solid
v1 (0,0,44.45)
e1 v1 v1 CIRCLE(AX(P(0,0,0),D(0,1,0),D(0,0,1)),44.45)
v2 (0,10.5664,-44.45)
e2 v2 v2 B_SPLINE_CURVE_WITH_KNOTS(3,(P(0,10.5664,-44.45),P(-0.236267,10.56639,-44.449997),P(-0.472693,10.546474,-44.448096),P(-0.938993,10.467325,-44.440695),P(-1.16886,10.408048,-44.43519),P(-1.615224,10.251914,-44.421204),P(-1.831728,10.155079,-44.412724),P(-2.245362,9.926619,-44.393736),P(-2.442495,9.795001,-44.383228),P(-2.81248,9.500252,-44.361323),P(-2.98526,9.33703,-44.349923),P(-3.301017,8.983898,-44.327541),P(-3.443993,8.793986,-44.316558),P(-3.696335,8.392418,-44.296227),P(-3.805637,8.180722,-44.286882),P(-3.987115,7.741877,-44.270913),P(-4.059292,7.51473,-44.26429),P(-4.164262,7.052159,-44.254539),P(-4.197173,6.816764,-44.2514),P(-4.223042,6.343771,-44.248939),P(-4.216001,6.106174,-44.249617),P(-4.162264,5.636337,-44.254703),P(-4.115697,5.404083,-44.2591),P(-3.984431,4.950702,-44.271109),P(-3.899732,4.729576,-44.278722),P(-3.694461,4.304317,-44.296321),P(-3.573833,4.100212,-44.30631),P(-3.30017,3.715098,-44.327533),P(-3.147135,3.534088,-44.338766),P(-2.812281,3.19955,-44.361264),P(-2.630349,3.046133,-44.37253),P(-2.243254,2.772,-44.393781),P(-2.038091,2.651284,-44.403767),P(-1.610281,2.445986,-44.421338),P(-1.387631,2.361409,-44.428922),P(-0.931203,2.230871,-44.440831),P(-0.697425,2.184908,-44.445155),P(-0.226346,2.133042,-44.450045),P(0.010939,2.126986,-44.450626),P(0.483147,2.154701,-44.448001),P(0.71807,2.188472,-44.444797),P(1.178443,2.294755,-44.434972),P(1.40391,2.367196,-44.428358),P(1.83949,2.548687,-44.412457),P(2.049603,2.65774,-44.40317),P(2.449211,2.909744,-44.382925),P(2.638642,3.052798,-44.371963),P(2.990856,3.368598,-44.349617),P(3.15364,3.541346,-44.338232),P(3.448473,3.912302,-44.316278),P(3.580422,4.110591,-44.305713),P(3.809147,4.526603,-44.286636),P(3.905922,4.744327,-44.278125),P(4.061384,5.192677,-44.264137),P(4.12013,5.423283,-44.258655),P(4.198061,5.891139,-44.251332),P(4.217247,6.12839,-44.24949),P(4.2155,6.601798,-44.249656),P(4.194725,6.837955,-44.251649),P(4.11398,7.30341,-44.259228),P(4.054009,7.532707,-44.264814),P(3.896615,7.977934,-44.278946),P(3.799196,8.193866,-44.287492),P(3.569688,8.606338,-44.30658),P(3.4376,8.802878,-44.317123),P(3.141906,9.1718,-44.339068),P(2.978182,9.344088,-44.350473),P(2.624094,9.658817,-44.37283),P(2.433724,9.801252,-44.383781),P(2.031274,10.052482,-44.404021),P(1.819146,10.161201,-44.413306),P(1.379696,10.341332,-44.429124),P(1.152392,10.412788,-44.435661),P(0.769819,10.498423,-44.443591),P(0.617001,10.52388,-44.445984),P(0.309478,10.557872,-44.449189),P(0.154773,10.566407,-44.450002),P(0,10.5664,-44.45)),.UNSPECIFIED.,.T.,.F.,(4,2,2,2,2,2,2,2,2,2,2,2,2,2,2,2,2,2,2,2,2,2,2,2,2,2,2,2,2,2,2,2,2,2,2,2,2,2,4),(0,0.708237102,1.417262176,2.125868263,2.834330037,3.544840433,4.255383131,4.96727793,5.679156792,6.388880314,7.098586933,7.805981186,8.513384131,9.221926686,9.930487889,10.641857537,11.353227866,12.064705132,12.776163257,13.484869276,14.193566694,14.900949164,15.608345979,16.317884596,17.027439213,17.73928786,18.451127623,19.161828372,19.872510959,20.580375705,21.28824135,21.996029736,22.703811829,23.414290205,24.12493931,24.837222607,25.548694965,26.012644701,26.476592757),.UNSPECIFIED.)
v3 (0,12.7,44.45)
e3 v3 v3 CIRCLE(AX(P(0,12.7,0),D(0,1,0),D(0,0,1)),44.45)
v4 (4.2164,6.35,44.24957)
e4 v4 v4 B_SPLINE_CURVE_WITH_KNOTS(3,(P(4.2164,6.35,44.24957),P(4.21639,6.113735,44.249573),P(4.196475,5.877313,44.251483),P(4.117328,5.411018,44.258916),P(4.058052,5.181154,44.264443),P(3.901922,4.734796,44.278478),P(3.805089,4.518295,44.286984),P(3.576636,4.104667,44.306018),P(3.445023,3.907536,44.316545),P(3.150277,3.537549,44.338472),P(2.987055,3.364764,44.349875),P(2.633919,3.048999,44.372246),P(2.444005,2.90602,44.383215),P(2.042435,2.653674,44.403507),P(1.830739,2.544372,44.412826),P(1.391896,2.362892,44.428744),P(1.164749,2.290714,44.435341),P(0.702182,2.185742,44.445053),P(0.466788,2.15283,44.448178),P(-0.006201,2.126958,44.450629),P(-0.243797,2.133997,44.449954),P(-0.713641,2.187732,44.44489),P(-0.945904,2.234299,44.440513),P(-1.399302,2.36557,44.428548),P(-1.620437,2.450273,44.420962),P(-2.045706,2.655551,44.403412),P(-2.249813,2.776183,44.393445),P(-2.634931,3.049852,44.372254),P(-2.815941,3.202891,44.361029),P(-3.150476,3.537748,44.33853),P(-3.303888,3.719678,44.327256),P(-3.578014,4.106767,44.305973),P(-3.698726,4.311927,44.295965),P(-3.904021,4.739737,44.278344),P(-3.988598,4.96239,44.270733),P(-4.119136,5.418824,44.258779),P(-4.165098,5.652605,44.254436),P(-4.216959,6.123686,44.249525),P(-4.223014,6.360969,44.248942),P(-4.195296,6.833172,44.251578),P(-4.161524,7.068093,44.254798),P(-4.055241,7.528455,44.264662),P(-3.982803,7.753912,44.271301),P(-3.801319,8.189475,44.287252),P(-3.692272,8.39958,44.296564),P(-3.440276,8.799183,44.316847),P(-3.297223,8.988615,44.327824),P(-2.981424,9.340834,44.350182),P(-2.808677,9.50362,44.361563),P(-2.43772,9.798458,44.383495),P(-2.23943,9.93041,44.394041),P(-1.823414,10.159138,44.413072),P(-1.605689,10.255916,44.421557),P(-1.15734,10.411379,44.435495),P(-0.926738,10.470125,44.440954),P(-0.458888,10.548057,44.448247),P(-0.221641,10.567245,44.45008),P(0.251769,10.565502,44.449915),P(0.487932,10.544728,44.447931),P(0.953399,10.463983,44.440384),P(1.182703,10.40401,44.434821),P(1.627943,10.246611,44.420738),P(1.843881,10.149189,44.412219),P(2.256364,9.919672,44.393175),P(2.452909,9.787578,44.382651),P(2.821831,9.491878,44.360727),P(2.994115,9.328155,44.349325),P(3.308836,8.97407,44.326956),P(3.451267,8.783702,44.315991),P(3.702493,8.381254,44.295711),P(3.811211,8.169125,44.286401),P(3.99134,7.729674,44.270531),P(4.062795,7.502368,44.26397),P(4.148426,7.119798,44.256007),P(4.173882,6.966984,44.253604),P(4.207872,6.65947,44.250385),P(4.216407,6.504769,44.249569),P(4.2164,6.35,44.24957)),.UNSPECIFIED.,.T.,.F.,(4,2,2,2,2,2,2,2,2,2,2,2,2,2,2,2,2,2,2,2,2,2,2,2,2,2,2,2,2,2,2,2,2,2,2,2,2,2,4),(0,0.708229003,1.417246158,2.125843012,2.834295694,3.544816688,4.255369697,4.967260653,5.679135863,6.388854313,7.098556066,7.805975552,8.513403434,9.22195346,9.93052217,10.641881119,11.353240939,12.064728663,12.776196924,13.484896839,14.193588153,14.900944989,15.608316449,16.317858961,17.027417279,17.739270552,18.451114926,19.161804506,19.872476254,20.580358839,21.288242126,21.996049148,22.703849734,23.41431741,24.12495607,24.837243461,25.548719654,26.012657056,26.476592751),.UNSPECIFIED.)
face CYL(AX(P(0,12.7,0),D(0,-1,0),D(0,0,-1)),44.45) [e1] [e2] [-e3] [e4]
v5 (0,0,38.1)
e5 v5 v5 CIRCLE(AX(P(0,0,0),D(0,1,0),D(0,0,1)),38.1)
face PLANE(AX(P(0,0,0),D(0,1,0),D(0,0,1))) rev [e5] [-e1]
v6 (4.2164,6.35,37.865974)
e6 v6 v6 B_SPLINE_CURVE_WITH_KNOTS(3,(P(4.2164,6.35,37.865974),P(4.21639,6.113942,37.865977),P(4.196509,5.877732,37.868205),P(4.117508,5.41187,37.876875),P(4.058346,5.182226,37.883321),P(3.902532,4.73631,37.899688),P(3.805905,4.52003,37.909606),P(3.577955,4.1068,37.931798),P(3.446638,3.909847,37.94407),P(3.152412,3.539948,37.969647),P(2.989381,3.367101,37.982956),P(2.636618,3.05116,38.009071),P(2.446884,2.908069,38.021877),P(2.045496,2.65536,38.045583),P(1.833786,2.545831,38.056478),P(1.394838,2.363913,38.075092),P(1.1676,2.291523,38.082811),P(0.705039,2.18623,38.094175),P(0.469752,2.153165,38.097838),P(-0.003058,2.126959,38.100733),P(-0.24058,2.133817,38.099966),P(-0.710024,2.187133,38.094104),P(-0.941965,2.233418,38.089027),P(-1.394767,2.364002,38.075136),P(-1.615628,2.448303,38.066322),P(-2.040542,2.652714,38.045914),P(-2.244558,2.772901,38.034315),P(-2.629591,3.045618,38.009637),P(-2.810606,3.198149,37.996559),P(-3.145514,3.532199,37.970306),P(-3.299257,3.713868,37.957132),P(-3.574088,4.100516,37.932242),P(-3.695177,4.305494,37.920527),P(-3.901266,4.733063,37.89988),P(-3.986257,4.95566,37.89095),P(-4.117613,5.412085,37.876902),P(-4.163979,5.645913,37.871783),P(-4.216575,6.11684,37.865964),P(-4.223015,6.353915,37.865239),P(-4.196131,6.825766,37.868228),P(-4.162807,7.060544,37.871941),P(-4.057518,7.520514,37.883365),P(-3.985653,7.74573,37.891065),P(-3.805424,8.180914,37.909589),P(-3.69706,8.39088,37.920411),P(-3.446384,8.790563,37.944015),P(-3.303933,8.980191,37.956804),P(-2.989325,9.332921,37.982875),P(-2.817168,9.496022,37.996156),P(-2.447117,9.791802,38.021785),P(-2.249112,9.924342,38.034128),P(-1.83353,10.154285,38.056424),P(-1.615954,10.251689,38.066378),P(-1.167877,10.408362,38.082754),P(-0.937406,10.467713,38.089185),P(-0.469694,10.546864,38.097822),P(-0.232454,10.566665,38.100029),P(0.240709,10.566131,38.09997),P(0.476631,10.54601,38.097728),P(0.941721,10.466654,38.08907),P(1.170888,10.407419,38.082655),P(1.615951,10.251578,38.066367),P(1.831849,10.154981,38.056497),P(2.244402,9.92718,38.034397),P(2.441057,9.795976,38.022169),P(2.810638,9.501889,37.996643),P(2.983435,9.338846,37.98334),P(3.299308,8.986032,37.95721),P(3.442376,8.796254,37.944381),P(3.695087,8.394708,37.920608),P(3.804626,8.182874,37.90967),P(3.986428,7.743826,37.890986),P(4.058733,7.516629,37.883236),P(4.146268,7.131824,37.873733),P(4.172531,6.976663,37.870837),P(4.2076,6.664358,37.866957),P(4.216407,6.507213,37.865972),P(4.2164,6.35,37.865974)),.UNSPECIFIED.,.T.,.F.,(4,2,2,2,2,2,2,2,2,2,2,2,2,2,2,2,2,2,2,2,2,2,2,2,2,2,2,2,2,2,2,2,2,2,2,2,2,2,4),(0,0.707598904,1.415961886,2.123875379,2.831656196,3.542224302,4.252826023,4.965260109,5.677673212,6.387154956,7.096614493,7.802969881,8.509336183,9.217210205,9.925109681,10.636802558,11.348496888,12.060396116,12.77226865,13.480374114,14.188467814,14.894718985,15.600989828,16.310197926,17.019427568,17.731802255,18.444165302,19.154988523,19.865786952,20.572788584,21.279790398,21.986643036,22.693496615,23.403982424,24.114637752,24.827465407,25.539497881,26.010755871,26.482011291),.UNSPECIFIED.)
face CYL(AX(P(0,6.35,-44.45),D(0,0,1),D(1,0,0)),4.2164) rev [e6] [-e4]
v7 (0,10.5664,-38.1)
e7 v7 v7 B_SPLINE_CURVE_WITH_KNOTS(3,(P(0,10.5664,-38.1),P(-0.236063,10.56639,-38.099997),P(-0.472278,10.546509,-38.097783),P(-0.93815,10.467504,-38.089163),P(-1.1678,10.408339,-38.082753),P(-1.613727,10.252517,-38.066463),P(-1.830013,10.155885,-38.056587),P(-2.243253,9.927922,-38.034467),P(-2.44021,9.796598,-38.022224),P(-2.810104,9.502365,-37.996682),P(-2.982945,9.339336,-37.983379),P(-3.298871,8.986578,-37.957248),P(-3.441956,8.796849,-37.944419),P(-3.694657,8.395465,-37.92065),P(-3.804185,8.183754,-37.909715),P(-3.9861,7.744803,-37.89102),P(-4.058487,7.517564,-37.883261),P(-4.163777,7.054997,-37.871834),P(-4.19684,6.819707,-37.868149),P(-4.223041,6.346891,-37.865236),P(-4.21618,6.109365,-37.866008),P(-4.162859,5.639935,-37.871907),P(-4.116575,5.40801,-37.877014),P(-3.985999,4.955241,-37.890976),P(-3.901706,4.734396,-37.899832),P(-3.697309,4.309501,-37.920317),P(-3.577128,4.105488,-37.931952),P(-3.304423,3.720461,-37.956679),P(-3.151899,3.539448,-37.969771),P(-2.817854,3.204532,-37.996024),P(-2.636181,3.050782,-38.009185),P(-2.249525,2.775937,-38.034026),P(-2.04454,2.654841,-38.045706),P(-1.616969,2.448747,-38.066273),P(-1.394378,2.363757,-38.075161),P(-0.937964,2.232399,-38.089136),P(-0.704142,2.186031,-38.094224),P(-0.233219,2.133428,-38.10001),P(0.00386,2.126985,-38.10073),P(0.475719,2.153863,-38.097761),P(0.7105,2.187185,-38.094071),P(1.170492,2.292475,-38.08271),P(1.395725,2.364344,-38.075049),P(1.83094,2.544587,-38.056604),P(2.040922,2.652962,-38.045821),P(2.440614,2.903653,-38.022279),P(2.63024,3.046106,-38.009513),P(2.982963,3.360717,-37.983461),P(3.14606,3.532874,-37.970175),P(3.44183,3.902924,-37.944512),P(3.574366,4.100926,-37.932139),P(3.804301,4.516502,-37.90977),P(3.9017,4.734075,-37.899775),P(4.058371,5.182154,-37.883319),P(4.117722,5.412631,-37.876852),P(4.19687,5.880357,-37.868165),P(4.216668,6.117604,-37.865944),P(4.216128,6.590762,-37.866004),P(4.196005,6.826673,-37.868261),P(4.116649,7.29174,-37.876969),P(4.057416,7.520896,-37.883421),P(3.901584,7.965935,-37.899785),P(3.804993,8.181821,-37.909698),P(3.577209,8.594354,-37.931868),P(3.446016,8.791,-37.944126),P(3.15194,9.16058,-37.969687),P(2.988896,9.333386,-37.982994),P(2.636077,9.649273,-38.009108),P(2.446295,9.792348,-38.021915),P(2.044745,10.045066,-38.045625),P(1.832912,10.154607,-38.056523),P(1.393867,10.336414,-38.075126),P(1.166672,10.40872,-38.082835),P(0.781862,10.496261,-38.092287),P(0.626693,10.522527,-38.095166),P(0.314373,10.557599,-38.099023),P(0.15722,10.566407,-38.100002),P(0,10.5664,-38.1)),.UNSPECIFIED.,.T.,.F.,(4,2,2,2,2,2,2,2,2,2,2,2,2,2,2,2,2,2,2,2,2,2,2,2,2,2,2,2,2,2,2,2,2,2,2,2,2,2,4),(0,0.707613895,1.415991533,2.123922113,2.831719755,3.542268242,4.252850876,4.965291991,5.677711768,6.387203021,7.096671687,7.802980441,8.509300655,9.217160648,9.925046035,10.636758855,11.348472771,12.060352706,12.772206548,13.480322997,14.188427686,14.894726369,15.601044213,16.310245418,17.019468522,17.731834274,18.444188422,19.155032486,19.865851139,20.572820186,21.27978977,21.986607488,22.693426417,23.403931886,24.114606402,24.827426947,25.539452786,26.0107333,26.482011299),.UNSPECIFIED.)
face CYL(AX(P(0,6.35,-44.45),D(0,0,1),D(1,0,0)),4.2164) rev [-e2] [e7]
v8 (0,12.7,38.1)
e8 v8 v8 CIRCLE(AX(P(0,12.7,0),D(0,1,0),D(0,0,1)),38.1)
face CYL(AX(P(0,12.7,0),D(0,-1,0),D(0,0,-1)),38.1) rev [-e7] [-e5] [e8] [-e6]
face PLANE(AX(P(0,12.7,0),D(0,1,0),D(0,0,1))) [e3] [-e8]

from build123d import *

# Parameters (mm, degrees)
SKETCH1_R               = 44.45
SKETCH1_R_2             = 38.1
BOSS_EXTRUDE1_DEPTH     = 12.7
SKETCH2_R               = 4.2164
CUT_EXTRUDE1_DEPTH      = 45.45
CUT_EXTRUDE1_DEPTH_BACK = 45.45


with BuildPart() as part:
    # Sketch1 → Boss-Extrude1 (new body)
    with BuildSketch(Plane(origin=(0, 0, 0), x_dir=(1, 0, 0), z_dir=(0, 1, 0))):
        Circle(SKETCH1_R)
        Circle(SKETCH1_R_2, mode=Mode.SUBTRACT)
    extrude(amount=BOSS_EXTRUDE1_DEPTH)

    # Sketch2 → Cut-Extrude1 (cut, two sides)
    with BuildSketch(Plane.XY) as cut_extrude1_sk:
        with Locations((0, 6.35)):
            Circle(SKETCH2_R)
    extrude(amount=CUT_EXTRUDE1_DEPTH, mode=Mode.SUBTRACT)
    extrude(cut_extrude1_sk.sketch, amount=-CUT_EXTRUDE1_DEPTH_BACK, mode=Mode.SUBTRACT)


solid = part.part
